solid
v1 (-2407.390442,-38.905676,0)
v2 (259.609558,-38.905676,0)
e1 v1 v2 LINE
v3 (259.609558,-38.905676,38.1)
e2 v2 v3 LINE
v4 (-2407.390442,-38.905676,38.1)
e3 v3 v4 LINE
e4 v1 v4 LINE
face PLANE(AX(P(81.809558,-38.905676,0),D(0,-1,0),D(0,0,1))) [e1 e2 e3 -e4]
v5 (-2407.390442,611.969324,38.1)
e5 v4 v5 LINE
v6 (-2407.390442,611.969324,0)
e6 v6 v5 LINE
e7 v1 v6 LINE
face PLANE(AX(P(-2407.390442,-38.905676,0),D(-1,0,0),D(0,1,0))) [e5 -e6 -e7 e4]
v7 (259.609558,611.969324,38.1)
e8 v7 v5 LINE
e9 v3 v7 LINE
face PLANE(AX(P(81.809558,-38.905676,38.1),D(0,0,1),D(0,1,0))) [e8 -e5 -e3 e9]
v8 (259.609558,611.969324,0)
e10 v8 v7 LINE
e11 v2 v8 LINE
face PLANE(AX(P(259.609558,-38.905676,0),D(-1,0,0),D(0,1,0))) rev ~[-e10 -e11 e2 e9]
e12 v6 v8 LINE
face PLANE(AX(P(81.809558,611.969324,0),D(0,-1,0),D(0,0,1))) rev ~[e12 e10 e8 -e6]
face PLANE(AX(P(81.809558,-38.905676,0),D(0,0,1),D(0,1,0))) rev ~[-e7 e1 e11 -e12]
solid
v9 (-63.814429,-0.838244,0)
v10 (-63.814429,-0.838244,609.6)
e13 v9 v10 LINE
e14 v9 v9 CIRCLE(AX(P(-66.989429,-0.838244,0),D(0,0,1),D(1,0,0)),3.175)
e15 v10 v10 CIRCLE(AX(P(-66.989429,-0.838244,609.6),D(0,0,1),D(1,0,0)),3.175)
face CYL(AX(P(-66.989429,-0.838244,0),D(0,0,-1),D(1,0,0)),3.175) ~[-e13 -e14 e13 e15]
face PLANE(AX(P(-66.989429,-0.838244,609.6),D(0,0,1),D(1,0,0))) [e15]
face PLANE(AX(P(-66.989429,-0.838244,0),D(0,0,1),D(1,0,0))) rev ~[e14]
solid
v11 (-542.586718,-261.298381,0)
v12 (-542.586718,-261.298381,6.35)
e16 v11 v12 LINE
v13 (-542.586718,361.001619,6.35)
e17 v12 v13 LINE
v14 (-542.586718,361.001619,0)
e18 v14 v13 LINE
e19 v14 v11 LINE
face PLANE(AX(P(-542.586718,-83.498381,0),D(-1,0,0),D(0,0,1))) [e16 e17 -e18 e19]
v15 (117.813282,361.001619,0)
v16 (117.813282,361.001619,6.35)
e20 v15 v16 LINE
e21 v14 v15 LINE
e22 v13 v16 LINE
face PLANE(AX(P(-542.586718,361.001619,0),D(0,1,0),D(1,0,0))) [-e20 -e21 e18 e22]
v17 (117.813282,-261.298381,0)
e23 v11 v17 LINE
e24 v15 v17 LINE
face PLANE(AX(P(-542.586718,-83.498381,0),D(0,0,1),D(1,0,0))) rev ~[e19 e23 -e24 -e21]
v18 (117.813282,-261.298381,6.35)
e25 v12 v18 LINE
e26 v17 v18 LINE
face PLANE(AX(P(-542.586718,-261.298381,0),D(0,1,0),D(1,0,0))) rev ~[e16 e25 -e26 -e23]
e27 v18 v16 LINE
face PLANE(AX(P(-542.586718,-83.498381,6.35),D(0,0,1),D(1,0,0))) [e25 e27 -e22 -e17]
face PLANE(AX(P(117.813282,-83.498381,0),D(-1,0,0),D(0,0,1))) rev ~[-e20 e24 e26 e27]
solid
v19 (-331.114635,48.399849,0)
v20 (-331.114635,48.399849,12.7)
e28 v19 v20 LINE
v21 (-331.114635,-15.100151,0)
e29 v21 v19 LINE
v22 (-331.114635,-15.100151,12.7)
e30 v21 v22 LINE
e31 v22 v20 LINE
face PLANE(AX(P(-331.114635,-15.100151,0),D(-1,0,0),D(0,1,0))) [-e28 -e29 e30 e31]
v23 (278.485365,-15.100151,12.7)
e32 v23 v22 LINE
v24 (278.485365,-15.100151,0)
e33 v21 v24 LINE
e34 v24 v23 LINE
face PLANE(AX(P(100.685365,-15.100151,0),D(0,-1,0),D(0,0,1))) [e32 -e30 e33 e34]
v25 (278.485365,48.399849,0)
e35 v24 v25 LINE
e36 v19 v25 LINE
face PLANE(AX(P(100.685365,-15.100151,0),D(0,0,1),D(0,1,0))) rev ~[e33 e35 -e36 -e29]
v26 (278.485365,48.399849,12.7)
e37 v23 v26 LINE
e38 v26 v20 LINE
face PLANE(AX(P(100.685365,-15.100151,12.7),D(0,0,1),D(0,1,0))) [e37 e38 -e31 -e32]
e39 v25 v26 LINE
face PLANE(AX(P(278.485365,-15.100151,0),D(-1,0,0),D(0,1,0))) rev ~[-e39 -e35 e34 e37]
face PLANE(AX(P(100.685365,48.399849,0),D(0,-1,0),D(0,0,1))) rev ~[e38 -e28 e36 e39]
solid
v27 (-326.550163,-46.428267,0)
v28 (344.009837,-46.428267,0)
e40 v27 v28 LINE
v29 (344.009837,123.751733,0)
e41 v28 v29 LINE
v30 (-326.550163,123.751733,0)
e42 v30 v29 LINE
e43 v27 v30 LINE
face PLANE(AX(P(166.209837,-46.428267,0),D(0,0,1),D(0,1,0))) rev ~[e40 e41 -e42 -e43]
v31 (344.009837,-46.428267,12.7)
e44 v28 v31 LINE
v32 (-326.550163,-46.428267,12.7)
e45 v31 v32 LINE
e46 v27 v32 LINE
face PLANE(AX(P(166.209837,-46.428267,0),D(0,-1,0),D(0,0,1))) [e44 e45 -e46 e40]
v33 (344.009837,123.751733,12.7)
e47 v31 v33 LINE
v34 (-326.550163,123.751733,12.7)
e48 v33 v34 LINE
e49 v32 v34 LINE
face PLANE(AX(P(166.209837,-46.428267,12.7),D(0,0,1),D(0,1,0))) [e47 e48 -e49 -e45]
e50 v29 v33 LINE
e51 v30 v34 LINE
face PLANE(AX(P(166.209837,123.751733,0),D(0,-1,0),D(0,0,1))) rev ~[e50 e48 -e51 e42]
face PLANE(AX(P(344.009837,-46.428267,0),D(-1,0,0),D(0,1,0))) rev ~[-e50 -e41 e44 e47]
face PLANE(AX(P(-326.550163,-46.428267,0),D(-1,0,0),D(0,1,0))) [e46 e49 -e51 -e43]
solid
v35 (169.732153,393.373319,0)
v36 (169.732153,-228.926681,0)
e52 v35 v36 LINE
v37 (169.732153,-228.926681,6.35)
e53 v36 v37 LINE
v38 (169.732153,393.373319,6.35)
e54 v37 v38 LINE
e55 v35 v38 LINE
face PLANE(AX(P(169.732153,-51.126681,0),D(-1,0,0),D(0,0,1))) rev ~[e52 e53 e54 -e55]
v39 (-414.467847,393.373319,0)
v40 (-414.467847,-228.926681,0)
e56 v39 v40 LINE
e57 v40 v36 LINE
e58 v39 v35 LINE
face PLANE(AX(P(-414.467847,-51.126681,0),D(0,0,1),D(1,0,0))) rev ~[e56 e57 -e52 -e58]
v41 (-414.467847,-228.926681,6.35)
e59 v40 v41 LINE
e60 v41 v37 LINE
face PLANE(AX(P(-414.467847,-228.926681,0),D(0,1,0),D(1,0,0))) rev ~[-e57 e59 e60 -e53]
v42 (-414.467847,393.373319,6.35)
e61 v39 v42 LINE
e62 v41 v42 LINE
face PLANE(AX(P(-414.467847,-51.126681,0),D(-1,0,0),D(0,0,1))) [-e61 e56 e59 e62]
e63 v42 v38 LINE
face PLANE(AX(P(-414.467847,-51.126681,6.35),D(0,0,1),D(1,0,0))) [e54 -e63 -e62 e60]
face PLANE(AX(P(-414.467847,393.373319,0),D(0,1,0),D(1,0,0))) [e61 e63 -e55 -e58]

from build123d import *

# Parameters (mm, degrees)
F0_W      = 2489.2
F0_H      = 650.875
F1_DEPTH  = 38.1
F2_W      = 431.8
F2_H      = 63.5
F3_DEPTH  = 12.7
F4_W      = 492.76
F4_H      = 170.18
F5_DEPTH  = 12.7
F6_W      = 584.2
F6_H      = 444.5
F7_DEPTH  = 6.35
F8_W      = 660.4
F8_H      = 444.5
F9_DEPTH  = 6.35
F10_R     = 3.175
F11_DEPTH = 609.6
F12_DEPTH = 177.8
F13_DEPTH = 177.8
F14_DEPTH = 177.8
F15_DEPTH = 177.8
F16_DEPTH = 177.8


with BuildPart() as f1:
    # F0 (on Top) → F1 (new body)
    with BuildSketch(Plane.XY):
        with Locations((-1162.7904420257, 286.5318235457)):
            Rectangle(F0_W, F0_H)
    extrude(amount=F1_DEPTH)

    # F16 (add): a face of the model
    f16_faces = [f1.faces().sort_by_distance(p)[0] for p in [
        (81.8095579743, 286.5318235457, 19.05),
    ]]
    extrude(f16_faces, amount=F16_DEPTH)


with BuildPart() as f3:
    # F2 (on Top) → F3 (new body)
    with BuildSketch(Plane.XY):
        with Locations((-115.2146345019, 16.6498486996)):
            Rectangle(F2_W, F2_H)
    extrude(amount=F3_DEPTH)

    # F15 (add): a face of the model
    f15_faces = [f3.faces().sort_by_distance(p)[0] for p in [
        (100.6853654981, 16.6498486996, 6.35),
    ]]
    extrude(f15_faces, amount=F15_DEPTH)


with BuildPart() as f5:
    # F4 (on Top) → F5 (new body)
    with BuildSketch(Plane.XY):
        with Locations((-80.1701629591, 38.6617330873)):
            Rectangle(F4_W, F4_H)
    extrude(amount=F5_DEPTH)

    # F14 (add): a face of the model
    f14_faces = [f5.faces().sort_by_distance(p)[0] for p in [
        (166.2098370409, 38.6617330873, 6.35),
    ]]
    extrude(f14_faces, amount=F14_DEPTH)


with BuildPart() as f7:
    # F6 (on Top) → F7 (new body)
    with BuildSketch(Plane.XY):
        with Locations((-122.3678465843, 171.1233187318)):
            Rectangle(F6_W, F6_H)
    extrude(amount=F7_DEPTH)

    # F13 (add): a face of the model
    f13_faces = [f7.faces().sort_by_distance(p)[0] for p in [
        (-122.3678465843, -51.1266812682, 3.175),
    ]]
    extrude(f13_faces, amount=F13_DEPTH)


with BuildPart() as f9:
    # F8 (on Top) → F9 (new body)
    with BuildSketch(Plane.XY):
        with Locations((-212.3867182851, 138.7516189218)):
            Rectangle(F8_W, F8_H)
    extrude(amount=F9_DEPTH)

    # F12 (add): a face of the model
    f12_faces = [f9.faces().sort_by_distance(p)[0] for p in [
        (-212.3867182851, -83.4983810782, 3.175),
    ]]
    extrude(f12_faces, amount=F12_DEPTH)


with BuildPart() as f11:
    # F10 (on Top) → F11 (new body)
    with BuildSketch(Plane.XY):
        with Locations((-66.9894292951, -0.838244101)):
            Circle(F10_R)
    extrude(amount=F11_DEPTH)


solid = Compound([f1.part, f3.part, f5.part, f7.part, f9.part, f11.part])
